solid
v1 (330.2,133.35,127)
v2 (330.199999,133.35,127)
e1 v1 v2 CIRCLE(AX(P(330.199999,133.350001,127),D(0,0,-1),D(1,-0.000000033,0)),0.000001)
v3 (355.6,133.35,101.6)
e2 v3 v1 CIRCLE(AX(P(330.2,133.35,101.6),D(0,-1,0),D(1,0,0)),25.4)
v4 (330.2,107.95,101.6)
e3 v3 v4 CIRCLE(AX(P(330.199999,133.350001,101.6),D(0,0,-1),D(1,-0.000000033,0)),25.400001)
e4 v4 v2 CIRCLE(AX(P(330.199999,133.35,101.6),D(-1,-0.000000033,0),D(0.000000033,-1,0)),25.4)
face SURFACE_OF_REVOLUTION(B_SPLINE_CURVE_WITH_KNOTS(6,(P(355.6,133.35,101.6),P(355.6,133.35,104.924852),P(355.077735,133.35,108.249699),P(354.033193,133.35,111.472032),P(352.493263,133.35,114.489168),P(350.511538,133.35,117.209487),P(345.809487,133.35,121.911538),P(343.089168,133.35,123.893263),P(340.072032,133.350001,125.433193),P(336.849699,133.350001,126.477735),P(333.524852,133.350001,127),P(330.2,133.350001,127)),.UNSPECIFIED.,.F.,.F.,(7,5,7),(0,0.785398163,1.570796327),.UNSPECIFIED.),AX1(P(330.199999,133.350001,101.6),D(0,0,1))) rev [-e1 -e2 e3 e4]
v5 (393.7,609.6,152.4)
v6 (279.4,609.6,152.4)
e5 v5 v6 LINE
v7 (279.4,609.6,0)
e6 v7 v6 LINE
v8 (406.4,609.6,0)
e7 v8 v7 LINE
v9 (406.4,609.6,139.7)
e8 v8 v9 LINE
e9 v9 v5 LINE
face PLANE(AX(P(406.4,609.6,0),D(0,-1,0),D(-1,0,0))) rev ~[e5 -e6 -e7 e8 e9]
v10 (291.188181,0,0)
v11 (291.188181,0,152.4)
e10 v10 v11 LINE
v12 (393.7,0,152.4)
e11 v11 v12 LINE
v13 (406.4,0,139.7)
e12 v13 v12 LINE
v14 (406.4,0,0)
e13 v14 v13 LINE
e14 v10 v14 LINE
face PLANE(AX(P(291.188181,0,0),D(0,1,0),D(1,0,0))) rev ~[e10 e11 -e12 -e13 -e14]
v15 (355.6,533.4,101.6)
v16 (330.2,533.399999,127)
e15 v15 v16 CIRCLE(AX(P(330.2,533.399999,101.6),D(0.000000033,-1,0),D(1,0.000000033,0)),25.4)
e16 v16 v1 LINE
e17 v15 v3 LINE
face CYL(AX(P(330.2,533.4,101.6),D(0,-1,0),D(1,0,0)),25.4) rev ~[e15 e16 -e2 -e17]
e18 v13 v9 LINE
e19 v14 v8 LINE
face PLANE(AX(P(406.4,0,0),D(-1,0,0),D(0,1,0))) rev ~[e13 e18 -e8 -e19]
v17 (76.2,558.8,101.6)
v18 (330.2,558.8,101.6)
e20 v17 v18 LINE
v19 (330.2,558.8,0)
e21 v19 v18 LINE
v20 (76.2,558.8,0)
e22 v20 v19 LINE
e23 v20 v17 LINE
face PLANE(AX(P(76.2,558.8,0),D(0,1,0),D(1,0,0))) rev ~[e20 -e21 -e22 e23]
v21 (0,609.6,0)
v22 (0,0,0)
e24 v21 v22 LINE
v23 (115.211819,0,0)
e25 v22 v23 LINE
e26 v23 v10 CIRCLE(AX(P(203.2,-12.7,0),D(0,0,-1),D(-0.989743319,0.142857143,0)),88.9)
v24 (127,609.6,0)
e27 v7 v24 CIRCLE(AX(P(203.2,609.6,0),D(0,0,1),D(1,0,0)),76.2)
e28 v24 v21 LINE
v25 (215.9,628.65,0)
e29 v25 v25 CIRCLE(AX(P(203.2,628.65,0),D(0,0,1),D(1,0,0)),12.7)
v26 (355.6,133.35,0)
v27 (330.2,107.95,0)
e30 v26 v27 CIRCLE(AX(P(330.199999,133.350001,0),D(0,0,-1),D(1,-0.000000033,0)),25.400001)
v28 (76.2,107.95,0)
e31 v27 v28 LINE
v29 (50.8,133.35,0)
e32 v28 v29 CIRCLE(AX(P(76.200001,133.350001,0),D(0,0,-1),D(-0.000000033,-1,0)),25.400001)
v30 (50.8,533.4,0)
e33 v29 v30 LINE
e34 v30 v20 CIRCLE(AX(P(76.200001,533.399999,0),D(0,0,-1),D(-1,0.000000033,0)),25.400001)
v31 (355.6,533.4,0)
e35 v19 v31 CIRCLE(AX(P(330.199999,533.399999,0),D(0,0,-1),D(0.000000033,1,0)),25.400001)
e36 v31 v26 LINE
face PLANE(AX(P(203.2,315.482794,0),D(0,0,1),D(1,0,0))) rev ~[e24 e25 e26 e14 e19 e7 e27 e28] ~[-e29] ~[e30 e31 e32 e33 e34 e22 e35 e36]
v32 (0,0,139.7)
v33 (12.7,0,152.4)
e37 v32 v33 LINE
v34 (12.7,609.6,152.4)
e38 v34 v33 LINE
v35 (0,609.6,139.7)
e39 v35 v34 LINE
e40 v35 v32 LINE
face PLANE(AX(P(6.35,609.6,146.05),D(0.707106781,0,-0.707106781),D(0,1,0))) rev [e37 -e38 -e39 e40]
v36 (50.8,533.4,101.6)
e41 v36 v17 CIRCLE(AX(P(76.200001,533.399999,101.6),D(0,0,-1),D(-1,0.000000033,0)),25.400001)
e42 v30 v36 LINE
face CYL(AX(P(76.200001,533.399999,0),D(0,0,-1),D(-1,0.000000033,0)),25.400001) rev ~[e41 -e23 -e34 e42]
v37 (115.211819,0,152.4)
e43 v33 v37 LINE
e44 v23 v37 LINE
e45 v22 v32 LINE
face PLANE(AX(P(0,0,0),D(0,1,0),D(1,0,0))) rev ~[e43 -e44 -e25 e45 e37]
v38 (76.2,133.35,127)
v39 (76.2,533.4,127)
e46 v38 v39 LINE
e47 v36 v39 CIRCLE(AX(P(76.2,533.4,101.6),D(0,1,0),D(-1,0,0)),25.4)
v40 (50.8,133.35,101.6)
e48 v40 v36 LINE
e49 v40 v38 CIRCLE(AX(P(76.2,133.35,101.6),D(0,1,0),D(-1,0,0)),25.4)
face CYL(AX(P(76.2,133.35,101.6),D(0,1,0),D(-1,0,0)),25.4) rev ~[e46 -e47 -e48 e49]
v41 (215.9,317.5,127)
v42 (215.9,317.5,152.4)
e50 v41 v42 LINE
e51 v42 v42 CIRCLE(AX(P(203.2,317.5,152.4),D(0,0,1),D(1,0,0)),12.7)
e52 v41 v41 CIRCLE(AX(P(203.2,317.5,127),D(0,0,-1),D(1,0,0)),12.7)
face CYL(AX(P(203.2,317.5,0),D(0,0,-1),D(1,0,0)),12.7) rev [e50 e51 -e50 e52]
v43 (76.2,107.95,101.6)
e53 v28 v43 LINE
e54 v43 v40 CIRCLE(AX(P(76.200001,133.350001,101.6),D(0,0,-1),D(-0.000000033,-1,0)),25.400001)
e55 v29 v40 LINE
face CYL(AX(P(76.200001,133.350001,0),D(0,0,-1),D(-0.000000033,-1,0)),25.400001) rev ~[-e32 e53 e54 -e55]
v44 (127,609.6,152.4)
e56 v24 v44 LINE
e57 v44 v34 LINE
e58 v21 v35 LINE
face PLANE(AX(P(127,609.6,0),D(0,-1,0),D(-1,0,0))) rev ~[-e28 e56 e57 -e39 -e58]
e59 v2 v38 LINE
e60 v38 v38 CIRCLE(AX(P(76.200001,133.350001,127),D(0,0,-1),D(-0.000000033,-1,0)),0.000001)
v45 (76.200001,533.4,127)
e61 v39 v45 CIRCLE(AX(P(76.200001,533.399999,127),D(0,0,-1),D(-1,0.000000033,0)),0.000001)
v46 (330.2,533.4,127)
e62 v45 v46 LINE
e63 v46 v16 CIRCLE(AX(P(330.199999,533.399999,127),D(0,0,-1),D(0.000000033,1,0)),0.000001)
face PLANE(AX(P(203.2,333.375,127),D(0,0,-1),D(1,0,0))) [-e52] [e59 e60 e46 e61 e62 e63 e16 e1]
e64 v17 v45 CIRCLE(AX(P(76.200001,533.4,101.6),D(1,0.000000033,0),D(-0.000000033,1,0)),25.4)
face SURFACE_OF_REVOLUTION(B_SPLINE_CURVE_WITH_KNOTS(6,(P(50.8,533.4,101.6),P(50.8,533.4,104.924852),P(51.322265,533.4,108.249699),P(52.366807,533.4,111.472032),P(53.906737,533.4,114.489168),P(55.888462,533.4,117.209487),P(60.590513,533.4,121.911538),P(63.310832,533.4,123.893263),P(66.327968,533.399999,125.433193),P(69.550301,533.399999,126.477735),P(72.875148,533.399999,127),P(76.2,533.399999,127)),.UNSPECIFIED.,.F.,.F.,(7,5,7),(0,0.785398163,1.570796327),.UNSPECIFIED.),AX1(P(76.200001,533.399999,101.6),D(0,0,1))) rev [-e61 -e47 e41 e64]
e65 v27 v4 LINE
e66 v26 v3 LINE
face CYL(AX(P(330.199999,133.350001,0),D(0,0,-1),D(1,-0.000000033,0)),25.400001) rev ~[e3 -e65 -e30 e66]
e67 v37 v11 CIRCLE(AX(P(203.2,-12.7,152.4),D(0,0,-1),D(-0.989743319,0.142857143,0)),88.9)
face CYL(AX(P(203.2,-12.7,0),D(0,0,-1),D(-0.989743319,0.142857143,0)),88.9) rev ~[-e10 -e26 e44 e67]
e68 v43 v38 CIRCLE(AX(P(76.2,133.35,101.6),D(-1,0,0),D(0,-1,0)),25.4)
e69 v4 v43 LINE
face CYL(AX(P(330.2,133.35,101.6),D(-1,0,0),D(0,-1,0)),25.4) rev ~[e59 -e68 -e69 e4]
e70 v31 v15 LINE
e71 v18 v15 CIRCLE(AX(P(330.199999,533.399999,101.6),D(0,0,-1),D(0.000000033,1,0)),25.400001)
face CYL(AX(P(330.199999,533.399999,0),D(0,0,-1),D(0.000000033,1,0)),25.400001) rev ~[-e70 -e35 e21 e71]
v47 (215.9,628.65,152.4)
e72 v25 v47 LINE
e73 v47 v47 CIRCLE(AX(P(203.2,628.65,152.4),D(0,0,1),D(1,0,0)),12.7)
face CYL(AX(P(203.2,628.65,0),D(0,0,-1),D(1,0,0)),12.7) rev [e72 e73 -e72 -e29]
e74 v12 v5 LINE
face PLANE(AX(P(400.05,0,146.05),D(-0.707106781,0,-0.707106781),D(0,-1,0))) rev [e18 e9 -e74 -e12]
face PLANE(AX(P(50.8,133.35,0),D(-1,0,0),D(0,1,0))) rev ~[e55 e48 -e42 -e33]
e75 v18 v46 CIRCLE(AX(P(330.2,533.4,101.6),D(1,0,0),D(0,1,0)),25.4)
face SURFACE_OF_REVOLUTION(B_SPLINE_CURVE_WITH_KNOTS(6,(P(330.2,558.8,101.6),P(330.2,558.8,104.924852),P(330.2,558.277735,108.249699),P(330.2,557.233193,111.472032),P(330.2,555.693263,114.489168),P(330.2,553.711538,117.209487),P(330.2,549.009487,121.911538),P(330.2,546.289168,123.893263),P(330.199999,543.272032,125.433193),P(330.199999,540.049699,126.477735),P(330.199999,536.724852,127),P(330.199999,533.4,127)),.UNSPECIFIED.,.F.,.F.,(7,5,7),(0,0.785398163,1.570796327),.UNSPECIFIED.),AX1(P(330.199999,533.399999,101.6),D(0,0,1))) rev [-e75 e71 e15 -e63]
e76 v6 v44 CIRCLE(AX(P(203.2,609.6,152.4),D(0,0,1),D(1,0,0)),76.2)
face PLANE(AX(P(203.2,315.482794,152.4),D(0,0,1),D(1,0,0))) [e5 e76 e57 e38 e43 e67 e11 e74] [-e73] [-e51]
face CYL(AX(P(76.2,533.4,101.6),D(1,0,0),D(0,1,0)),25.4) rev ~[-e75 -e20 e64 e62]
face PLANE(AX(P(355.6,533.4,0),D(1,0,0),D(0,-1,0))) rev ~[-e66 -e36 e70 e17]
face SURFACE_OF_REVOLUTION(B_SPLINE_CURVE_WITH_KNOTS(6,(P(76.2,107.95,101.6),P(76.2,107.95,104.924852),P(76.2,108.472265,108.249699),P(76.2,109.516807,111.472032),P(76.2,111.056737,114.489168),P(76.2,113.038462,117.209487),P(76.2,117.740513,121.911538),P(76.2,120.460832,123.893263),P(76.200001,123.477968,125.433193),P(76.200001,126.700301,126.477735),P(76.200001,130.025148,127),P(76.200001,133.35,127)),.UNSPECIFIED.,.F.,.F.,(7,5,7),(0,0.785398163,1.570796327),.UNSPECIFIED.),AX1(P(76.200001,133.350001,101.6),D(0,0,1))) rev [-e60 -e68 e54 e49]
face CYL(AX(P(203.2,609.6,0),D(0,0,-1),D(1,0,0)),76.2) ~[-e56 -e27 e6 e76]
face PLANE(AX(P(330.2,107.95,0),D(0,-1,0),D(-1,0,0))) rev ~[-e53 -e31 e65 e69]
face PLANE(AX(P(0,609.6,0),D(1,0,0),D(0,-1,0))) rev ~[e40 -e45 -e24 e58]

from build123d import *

# Parameters (mm, degrees)
F0_R     = 12.7
F1_DEPTH = 152.4
F3_DEPTH = 127
F4_R     = 25.4
F5_SIZE  = 12.7


with BuildPart() as f1:
    # F0 (on Top) → F1 (new body)
    with BuildSketch(Plane.XY):
        with BuildLine():
            Line((127, 609.6), (0, 609.6))
            Line((0, 609.6), (0, 0))
            Line((0, 0), (115.211819, 0))
            ThreePointArc((115.211819, 0), (203.2, 76.2), (291.188181, 0))
            Line((291.188181, 0), (406.4, 0))
            Line((406.4, 0), (406.4, 609.6))
            Line((406.4, 609.6), (279.4, 609.6))
            ThreePointArc((279.4, 609.6), (203.2, 685.8), (127, 609.6))
        make_face()
        with Locations((203.2, 317.5)):
            Circle(F0_R, mode=Mode.SUBTRACT)
        with Locations((203.2, 628.65)):
            Circle(F0_R, mode=Mode.SUBTRACT)
    extrude(amount=F1_DEPTH)

    # F2 (on face) → F3 (cut)
    with BuildSketch(Plane(origin=(0, 0, 0), x_dir=(1, 0, 0), z_dir=(0, 0, -1))):
        with BuildLine():
            ThreePointArc((76.2, -107.95), (58.239488, -115.389488), (50.8, -133.35))
            Line((50.8, -133.35), (50.8, -533.4))
            ThreePointArc((50.8, -533.4), (58.239488, -551.360512), (76.2, -558.8))
            Line((76.2, -558.8), (330.2, -558.8))
            ThreePointArc((330.2, -558.8), (348.160512, -551.360512), (355.6, -533.4))
            Line((355.6, -533.4), (355.6, -133.35))
            ThreePointArc((355.6, -133.35), (348.160512, -115.389488), (330.2, -107.95))
            Line((330.2, -107.95), (76.2, -107.95))
        make_face()
    extrude(amount=-F3_DEPTH, mode=Mode.SUBTRACT)

    # F4
    f4_edges = [f1.edges().sort_by_distance(p)[0] for p in [
        (50.8, 333.375, 127),
    ]]
    fillet(f4_edges, radius=F4_R)

    # F5
    f5_edges = [f1.edges().sort_by_distance(p)[0] for p in [
        (406.4, 304.8, 152.4),
        (0, 304.8, 152.4),
    ]]
    chamfer(f5_edges, length=F5_SIZE)


solid = f1.part
